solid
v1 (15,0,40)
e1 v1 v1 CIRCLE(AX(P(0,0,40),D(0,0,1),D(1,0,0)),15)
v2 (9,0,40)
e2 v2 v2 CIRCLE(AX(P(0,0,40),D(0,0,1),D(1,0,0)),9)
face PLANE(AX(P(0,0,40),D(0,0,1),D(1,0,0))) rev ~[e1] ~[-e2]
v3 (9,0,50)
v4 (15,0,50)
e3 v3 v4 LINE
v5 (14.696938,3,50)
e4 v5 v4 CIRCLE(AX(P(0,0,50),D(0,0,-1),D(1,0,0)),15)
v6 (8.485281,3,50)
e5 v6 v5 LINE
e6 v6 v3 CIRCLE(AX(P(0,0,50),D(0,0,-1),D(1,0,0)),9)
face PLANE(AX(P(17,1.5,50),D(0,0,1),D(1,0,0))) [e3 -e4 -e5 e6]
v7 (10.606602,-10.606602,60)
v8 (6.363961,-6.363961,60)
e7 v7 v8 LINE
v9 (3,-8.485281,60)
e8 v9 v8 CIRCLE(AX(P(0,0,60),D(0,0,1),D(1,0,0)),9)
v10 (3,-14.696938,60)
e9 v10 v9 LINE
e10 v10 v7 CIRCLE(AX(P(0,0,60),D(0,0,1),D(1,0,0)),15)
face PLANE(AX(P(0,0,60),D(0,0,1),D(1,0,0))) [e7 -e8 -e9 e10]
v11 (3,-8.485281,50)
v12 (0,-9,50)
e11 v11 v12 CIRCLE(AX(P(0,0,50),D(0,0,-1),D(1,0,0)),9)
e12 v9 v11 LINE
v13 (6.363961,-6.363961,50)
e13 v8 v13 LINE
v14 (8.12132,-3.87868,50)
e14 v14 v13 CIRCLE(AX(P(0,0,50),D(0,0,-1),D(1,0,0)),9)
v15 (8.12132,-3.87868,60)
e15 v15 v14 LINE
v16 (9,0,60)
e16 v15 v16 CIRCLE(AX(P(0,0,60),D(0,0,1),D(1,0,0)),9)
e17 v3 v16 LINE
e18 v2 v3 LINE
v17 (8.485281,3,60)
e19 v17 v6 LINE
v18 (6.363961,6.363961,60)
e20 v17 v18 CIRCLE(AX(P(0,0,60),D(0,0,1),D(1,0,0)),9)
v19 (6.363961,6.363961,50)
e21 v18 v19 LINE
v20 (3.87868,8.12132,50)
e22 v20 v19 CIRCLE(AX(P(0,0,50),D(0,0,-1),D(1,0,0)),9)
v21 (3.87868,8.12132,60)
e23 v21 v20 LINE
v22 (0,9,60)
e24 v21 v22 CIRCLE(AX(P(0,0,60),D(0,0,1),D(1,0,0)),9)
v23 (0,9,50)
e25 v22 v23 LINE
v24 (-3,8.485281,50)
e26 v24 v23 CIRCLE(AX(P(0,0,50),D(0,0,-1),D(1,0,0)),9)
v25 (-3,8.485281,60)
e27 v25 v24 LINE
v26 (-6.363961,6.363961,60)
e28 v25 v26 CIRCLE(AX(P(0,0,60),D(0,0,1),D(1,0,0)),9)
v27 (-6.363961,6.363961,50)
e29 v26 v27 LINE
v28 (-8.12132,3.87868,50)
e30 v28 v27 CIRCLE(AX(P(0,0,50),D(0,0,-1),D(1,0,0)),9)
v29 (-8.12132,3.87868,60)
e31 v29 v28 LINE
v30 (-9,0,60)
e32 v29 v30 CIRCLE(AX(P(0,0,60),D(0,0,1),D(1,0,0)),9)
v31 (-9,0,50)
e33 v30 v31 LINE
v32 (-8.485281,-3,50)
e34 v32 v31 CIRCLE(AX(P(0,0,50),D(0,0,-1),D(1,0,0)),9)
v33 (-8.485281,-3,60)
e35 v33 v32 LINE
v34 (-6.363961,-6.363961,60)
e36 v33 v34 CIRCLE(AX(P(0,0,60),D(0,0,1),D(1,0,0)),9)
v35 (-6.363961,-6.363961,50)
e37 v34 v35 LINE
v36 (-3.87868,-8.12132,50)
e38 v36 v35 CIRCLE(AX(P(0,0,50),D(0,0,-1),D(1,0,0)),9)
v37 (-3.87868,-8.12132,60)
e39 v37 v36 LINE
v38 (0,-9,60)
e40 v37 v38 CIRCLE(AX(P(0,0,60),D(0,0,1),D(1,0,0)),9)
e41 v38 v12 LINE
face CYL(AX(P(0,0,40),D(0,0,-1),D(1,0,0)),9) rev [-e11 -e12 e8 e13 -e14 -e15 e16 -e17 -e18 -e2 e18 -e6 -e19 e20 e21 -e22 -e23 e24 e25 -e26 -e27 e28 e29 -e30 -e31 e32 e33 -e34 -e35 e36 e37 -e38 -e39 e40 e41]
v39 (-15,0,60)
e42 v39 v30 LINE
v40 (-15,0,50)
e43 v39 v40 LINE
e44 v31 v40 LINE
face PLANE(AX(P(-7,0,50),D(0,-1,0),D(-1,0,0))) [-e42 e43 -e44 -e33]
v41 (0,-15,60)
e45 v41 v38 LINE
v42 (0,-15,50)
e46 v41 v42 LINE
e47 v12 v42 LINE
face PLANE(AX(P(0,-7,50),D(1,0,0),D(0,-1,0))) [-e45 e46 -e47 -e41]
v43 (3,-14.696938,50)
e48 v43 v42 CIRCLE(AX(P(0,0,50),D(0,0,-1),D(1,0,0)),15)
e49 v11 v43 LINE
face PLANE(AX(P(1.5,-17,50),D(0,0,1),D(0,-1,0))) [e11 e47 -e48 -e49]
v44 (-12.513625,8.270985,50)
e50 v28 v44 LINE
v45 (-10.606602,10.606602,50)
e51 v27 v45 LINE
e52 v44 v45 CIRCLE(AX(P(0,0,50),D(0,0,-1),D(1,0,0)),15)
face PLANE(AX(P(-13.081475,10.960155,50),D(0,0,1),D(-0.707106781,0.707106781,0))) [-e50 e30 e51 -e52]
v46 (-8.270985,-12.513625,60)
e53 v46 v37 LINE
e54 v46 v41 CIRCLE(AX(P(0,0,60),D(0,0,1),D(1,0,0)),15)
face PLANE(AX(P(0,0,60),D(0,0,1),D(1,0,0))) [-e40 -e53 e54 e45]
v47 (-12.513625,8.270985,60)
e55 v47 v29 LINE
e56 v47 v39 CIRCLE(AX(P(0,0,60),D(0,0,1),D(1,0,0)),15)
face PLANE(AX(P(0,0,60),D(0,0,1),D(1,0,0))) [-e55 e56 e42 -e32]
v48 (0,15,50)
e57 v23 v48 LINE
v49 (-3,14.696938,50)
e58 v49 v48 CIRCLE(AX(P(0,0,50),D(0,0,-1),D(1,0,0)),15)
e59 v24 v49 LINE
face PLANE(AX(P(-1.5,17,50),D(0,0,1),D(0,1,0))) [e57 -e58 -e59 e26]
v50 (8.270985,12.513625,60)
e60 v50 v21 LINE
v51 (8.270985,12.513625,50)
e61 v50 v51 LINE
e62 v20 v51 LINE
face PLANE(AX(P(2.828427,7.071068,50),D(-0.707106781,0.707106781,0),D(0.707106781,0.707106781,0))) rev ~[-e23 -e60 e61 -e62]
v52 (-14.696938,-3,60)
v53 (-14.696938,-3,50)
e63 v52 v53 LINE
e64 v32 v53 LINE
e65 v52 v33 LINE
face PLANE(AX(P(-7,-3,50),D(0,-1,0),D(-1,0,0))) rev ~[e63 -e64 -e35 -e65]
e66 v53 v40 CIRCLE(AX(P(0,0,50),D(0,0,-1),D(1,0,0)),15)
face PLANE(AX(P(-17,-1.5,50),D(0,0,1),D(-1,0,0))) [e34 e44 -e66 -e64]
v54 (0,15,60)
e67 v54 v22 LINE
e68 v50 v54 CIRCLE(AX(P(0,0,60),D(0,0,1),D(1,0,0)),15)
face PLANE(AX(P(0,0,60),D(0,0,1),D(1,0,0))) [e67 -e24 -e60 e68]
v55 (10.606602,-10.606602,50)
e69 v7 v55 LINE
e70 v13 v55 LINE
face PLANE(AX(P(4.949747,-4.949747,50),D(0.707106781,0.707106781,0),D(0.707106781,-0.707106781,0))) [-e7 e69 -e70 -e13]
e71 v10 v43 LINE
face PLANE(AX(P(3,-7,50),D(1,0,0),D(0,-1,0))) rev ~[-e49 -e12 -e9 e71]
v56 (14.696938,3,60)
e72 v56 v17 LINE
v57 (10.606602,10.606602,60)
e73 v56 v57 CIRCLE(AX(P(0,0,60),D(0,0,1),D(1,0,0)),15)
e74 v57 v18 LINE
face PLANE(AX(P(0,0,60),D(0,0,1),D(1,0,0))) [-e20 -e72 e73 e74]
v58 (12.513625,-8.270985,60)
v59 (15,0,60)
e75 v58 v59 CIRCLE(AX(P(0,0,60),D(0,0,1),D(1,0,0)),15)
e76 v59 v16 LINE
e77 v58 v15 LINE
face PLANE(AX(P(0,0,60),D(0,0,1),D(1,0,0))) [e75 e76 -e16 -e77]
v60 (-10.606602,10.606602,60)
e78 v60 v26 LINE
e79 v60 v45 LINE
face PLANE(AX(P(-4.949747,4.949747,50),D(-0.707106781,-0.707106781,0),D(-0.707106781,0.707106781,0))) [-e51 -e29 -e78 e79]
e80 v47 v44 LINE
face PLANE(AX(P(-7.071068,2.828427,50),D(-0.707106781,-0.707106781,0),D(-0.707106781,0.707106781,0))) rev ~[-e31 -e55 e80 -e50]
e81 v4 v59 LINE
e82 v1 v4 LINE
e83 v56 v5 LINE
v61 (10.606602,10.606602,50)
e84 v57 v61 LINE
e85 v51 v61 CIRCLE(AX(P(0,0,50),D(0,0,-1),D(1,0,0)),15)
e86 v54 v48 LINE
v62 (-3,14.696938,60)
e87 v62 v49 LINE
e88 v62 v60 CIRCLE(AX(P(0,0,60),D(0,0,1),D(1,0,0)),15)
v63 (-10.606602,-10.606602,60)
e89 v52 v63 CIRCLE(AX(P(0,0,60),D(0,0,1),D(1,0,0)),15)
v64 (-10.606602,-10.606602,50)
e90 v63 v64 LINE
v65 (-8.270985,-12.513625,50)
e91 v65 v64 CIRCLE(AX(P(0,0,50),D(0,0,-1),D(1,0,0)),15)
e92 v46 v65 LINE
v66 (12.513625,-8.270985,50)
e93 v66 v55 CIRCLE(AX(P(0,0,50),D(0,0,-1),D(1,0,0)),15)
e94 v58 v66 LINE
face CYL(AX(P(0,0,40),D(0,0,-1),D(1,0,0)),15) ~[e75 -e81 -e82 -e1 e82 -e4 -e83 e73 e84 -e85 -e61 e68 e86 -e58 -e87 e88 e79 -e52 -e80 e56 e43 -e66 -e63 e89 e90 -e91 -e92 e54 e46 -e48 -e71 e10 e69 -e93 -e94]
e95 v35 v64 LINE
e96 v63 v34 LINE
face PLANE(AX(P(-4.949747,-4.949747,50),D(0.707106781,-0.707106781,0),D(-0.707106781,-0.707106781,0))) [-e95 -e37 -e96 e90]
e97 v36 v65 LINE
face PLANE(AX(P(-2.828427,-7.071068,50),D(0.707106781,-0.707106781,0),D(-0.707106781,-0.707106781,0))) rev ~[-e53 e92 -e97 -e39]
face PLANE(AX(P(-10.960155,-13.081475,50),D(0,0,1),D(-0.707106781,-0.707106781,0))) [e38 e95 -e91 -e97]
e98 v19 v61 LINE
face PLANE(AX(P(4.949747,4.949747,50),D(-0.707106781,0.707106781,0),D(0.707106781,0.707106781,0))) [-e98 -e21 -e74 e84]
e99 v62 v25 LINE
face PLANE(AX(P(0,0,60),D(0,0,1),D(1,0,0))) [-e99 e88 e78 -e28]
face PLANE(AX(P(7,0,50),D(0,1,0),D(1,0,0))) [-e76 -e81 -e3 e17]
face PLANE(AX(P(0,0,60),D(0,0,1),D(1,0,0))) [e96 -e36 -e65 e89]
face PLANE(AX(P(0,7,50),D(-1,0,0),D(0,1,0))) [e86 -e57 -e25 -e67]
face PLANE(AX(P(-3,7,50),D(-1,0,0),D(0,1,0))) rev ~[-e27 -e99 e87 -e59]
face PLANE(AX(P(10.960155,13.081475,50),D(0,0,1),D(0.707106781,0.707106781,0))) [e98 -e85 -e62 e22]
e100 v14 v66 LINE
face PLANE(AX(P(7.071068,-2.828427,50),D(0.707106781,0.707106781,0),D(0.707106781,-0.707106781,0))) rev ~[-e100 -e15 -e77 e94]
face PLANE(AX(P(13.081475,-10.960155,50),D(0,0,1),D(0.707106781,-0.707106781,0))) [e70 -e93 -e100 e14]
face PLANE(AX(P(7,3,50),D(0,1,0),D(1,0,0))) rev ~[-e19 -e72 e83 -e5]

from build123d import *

# Parameters (mm, degrees)
BOX002_W          = 20
BOX002_H          = 3
BOX002_DEPTH      = 100
ARRAY001_COUNT    = 8
CYLINDER005_R     = 9
CYLINDER005_DEPTH = 20
CYLINDER004_R     = 15
CYLINDER004_DEPTH = 20


with BuildPart() as almenas:
    # Box002 → Box002 (new body)
    with BuildSketch(Plane(origin=(7, 0, 50), x_dir=(1, 0, 0), z_dir=(0, 0, 1))):
        with Locations((10, 1.5)):
            Rectangle(BOX002_W, BOX002_H)
    extrude(amount=BOX002_DEPTH)

    # Array001: Almenas ×8 about axis
    array001_axis = Axis((0, 0, 0), (0, 0, 1))


with BuildPart() as almenas_1:
    add(almenas.part)
    for i in range(1, ARRAY001_COUNT):
        add(almenas.part.rotate(array001_axis, i * 360 / ARRAY001_COUNT))


with BuildPart() as cilindro003:
    # Cylinder005 → Cylinder005 (new body)
    with BuildSketch(Plane.XY.offset(40)):
        Circle(CYLINDER005_R)
    extrude(amount=CYLINDER005_DEPTH)


with BuildPart() as parte_superior:
    # Cylinder004 → Cylinder004 (new body)
    with BuildSketch(Plane.XY.offset(40)):
        Circle(CYLINDER004_R)
    extrude(amount=CYLINDER004_DEPTH)

    # Cut002: cut Cilindro003
    add(cilindro003.part, mode=Mode.SUBTRACT)

    # Cut003: cut Almenas
    add(almenas_1.part, mode=Mode.SUBTRACT)


solid = parte_superior.part
